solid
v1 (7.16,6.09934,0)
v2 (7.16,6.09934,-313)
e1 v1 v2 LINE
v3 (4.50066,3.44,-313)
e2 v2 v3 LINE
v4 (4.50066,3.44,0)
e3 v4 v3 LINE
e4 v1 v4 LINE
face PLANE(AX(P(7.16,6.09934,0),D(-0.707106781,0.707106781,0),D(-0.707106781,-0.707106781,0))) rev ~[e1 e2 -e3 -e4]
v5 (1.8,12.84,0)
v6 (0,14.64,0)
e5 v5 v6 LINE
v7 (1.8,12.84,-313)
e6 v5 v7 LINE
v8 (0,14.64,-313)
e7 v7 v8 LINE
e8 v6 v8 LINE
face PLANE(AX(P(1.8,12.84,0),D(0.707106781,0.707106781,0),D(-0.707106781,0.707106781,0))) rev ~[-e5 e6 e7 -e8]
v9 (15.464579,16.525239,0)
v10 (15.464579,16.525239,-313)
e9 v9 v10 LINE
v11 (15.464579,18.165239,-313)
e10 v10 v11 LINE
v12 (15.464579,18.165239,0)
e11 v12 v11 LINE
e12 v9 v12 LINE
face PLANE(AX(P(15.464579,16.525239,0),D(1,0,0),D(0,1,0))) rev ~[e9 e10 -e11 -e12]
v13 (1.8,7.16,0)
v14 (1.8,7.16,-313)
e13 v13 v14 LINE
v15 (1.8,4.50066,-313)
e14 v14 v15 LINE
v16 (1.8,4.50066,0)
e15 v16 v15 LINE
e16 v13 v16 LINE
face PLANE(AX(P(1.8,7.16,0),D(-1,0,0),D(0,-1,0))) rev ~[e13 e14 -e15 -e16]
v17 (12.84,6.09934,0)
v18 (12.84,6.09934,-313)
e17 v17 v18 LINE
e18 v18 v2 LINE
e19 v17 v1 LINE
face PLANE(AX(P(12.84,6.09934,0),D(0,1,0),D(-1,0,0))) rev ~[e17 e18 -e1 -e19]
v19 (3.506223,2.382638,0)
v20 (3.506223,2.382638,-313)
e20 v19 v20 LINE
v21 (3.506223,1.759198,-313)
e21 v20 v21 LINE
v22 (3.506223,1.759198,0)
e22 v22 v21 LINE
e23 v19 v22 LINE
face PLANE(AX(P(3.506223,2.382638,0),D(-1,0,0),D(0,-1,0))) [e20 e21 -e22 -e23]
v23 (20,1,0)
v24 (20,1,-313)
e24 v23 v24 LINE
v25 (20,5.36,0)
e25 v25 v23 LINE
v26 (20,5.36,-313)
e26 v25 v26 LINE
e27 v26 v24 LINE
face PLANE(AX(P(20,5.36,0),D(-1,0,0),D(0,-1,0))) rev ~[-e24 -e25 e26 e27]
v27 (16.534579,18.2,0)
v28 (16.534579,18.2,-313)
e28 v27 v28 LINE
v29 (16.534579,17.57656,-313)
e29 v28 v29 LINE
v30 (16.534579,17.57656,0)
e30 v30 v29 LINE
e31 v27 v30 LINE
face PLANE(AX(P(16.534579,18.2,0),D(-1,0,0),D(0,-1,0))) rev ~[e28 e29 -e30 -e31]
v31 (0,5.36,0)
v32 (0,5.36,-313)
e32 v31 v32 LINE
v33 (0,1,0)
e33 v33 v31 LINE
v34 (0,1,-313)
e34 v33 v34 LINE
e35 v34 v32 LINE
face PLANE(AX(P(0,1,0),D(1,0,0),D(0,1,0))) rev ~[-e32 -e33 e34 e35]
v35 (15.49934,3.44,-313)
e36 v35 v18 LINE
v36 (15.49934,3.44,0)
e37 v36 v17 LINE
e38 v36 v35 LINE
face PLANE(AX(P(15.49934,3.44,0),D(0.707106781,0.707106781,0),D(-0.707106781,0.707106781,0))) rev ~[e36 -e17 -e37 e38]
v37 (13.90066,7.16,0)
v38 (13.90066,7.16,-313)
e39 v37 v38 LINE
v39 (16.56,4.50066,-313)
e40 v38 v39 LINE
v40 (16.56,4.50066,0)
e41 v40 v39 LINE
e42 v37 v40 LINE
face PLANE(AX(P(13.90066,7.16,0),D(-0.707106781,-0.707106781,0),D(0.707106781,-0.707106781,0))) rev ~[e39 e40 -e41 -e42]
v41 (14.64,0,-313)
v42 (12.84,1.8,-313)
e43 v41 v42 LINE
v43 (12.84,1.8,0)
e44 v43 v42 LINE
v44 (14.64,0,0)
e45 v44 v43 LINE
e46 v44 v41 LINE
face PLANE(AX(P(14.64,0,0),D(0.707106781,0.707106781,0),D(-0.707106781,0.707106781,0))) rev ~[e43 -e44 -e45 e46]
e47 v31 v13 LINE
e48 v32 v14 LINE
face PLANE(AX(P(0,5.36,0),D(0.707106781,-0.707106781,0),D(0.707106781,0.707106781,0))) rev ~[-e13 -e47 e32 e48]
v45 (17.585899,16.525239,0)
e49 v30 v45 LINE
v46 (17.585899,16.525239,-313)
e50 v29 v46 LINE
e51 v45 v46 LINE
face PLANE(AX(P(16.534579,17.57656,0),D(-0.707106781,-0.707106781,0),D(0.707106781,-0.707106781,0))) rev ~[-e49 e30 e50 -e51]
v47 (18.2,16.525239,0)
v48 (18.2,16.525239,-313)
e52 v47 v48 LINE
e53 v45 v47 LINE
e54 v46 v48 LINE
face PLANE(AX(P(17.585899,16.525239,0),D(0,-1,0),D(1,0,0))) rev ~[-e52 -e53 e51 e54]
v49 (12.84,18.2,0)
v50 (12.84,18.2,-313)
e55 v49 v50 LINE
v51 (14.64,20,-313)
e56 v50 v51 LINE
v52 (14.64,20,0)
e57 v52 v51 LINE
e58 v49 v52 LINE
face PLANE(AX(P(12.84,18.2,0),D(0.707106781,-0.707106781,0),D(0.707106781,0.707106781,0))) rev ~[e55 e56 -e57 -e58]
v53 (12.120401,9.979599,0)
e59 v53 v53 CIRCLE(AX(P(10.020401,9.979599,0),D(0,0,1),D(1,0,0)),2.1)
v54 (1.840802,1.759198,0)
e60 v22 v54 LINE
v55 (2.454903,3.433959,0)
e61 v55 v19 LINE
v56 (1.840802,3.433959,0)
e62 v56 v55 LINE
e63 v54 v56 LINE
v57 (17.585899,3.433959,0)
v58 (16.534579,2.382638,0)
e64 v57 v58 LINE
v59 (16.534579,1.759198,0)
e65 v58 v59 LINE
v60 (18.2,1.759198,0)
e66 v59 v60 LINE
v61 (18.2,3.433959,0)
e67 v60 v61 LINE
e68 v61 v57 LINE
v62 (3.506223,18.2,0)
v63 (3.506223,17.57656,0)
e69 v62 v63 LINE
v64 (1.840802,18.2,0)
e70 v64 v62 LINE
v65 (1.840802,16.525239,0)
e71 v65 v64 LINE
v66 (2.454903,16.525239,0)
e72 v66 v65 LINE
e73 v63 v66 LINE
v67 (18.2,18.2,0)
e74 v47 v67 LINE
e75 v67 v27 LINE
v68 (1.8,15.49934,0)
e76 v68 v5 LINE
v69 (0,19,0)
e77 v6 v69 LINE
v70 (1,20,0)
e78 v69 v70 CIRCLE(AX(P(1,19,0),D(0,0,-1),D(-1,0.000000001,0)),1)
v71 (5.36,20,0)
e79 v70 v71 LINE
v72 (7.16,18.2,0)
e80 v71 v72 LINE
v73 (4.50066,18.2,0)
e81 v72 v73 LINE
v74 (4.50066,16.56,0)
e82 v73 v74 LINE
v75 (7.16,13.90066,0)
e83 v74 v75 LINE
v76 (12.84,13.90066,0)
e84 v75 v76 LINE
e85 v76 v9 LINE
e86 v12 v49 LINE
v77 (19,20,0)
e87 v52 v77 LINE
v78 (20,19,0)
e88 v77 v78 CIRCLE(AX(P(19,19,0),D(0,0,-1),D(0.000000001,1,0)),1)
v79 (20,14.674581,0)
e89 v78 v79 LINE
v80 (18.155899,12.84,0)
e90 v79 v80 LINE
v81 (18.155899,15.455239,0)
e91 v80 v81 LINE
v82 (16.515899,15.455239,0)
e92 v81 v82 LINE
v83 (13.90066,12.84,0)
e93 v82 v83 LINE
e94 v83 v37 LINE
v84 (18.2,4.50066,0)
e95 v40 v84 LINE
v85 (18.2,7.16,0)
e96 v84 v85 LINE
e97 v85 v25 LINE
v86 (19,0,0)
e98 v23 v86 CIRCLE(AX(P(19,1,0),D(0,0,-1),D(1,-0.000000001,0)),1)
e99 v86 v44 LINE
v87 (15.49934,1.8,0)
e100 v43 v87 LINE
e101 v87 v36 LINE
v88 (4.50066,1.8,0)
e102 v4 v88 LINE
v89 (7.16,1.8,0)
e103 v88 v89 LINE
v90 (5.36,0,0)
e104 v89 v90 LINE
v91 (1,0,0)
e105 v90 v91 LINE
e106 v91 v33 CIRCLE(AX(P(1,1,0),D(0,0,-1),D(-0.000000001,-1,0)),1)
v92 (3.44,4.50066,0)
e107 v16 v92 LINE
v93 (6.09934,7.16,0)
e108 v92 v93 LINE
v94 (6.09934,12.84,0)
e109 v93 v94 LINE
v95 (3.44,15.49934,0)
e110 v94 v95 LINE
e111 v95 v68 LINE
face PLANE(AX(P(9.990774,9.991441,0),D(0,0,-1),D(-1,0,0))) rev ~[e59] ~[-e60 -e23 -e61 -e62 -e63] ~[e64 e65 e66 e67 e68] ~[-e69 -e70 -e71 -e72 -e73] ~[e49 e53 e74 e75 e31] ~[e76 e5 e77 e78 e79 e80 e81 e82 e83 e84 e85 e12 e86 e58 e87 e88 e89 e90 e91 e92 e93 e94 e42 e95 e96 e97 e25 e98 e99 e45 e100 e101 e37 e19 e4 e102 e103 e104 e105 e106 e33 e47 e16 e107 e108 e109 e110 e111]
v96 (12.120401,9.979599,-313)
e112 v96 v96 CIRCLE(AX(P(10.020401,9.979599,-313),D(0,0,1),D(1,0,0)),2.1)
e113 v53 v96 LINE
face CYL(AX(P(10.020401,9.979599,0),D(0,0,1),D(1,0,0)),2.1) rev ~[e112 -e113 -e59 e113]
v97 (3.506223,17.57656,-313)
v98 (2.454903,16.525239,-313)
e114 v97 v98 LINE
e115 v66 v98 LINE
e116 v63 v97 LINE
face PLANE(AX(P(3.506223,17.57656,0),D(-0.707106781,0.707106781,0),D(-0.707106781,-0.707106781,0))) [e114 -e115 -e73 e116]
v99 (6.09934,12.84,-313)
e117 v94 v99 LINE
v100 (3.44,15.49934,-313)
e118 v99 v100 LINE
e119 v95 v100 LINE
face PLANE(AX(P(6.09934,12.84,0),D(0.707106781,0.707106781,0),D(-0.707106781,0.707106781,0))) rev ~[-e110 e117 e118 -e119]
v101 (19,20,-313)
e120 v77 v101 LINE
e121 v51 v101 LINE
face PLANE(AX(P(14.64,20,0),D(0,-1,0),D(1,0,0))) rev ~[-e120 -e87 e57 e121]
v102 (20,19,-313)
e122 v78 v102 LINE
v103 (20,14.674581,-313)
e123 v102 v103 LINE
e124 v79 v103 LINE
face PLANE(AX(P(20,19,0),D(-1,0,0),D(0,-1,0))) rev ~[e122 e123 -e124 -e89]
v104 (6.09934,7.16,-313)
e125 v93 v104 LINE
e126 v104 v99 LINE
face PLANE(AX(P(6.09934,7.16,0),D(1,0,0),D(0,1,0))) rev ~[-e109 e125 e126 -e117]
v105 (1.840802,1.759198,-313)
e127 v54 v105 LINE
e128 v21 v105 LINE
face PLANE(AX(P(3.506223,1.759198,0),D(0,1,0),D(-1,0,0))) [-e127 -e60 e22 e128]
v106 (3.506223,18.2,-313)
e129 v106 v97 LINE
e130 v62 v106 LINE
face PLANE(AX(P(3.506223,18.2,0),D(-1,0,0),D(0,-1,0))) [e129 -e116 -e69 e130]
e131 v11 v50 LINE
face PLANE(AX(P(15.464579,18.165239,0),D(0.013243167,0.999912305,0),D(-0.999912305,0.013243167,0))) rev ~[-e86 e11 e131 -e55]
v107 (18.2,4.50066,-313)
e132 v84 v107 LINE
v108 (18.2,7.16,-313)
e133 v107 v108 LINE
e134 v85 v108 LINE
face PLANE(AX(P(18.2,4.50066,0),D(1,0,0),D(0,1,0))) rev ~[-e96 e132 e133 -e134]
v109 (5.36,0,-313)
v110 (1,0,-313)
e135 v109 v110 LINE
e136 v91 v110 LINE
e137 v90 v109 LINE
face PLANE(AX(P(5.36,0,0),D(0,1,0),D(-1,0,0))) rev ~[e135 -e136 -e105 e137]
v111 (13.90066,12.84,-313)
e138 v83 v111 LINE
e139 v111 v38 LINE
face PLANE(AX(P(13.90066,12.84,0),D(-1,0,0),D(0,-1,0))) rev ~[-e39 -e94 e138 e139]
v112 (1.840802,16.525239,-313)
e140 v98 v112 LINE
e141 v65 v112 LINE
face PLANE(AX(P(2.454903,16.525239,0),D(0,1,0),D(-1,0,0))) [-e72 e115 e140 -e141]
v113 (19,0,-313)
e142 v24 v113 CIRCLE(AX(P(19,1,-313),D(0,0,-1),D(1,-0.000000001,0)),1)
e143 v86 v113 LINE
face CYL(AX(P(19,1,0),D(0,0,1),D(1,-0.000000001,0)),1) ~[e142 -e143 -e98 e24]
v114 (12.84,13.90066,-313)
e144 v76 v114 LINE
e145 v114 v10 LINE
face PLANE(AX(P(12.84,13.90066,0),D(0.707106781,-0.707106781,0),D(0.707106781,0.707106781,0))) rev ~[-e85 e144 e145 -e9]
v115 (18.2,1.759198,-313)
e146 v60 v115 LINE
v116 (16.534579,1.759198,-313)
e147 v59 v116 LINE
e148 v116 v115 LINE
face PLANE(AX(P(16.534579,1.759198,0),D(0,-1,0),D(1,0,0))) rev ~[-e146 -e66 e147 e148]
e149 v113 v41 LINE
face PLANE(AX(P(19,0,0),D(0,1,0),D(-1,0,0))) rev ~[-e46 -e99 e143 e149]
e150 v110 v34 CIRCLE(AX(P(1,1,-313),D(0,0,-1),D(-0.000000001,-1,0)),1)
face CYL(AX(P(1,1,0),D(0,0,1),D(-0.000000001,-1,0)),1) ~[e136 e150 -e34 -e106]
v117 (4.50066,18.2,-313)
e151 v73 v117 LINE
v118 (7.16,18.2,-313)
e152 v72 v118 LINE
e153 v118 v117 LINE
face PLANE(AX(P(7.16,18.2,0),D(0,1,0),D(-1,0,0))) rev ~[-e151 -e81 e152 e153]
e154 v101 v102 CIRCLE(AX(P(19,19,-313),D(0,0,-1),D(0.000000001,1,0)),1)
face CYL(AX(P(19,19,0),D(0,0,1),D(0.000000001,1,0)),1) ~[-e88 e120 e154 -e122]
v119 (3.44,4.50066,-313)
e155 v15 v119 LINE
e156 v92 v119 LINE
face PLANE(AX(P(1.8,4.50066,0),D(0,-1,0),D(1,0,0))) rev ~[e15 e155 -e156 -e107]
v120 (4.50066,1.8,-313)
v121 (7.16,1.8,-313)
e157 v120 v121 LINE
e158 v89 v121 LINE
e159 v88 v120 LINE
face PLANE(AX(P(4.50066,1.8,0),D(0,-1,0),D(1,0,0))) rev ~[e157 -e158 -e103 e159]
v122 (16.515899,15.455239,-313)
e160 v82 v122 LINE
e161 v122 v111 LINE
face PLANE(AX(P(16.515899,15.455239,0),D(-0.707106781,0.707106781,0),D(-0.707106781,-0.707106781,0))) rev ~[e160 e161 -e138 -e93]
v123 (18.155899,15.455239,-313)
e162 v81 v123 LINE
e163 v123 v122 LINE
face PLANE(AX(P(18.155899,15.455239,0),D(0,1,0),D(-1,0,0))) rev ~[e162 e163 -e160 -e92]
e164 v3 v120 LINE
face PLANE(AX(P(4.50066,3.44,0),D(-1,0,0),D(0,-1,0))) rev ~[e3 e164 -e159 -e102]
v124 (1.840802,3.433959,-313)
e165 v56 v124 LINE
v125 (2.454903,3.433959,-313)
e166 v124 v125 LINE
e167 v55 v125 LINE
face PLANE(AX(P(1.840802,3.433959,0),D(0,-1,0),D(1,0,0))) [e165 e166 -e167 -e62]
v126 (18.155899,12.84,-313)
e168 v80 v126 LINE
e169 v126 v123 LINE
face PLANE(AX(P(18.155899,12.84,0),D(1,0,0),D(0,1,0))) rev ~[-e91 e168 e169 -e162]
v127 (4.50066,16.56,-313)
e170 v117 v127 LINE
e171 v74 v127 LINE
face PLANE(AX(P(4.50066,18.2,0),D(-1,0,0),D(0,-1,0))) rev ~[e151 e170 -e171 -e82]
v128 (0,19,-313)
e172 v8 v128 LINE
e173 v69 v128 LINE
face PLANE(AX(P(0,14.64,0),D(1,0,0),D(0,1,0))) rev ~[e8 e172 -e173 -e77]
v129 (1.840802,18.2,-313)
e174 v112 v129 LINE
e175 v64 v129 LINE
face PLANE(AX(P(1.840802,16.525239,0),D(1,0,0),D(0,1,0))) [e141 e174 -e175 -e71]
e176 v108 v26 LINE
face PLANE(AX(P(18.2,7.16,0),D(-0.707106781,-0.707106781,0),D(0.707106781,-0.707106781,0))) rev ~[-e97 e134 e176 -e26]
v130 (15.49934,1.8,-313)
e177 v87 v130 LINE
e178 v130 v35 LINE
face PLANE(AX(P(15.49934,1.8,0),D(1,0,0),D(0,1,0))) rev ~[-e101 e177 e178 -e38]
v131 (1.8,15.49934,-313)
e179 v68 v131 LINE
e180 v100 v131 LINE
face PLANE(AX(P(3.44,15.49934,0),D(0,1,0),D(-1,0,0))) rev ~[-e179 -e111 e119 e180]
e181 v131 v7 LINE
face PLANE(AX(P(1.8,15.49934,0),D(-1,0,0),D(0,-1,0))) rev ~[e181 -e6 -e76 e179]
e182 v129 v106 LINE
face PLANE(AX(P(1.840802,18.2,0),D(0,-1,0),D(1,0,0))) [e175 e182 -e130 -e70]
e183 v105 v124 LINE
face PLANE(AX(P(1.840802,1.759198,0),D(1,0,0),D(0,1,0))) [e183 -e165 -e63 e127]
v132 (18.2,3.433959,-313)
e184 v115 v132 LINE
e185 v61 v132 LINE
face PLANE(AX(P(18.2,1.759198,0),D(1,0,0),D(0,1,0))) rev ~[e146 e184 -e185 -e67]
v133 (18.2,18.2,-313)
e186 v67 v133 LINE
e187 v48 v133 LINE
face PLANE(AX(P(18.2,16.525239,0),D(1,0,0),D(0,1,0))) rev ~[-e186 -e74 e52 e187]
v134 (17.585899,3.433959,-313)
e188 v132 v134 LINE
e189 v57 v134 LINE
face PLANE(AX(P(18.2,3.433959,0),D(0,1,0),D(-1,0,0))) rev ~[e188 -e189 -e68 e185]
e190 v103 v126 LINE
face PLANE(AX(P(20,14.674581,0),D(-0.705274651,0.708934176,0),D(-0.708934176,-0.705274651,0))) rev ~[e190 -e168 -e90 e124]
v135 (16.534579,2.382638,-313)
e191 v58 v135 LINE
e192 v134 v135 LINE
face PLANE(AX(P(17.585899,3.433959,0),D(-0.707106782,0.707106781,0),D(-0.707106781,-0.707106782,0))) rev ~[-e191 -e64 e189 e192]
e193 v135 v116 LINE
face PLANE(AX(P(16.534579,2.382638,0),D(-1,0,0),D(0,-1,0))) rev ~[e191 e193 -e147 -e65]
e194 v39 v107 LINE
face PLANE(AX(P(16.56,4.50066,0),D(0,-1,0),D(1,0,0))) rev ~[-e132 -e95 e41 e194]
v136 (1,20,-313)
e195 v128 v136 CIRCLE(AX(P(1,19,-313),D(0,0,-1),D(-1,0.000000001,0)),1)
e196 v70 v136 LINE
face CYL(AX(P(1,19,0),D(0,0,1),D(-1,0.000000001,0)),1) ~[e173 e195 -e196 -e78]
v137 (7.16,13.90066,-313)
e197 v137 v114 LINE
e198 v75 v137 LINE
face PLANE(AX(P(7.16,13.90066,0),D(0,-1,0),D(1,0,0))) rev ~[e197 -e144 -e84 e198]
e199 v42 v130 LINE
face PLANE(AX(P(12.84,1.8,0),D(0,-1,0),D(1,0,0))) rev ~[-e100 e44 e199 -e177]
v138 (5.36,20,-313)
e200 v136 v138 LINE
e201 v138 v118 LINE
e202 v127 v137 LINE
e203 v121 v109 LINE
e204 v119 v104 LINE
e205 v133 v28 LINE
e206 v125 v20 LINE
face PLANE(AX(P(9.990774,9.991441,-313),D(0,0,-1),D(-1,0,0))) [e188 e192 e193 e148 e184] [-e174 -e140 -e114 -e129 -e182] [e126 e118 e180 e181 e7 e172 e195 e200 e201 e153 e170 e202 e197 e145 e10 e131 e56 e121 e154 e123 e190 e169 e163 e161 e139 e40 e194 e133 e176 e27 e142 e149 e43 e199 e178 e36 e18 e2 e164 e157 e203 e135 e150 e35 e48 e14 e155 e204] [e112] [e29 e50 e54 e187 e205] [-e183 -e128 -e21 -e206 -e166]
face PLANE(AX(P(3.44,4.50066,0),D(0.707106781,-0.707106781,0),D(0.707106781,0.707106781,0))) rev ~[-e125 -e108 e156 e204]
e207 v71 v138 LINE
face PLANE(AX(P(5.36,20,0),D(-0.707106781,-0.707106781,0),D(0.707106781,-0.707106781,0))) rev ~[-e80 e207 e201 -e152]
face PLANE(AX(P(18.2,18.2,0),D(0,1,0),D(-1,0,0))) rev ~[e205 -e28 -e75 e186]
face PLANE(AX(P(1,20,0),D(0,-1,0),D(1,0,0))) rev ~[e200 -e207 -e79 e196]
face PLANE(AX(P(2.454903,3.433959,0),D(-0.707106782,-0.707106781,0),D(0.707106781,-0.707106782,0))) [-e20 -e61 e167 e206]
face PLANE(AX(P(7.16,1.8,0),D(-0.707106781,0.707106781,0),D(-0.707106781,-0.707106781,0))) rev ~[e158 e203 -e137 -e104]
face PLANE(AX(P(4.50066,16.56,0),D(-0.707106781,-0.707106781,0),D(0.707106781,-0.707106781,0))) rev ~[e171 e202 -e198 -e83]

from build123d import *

# Parameters (mm, degrees)
SKETCH1_R           = 2.1
BOSS_EXTRUDE1_DEPTH = 313


with BuildPart() as part:
    # Sketch1 → Boss-Extrude1 (new body)
    with BuildSketch(Plane.XY):
        with BuildLine():
            Line((0, 1), (0, 5.36))
            Line((0, 5.36), (1.8, 7.16))
            Line((1.8, 7.16), (1.8, 4.500660172))
            Line((1.8, 4.500660172), (3.44, 4.500660172))
            Line((3.44, 4.500660172), (6.099339828, 7.16))
            Line((6.099339828, 7.16), (6.099339828, 12.84))
            Line((6.099339828, 12.84), (3.44, 15.499339828))
            Line((3.44, 15.499339828), (1.8, 15.499339828))
            Line((1.8, 15.499339828), (1.8, 12.84))
            Line((1.8, 12.84), (0, 14.64))
            Line((0, 14.64), (0, 19))
            ThreePointArc((0, 19), (0.292893219, 19.707106781), (1, 20))
            Line((1, 20), (5.36, 20))
            Line((5.36, 20), (7.16, 18.2))
            Line((7.16, 18.2), (4.500660172, 18.2))
            Line((4.500660172, 18.2), (4.500660172, 16.56))
            Line((4.500660172, 16.56), (7.16, 13.900660172))
            Line((7.16, 13.900660172), (12.84, 13.900660172))
            Line((12.84, 13.900660172), (15.464579042, 16.525239214))
            Line((15.464579042, 16.525239214), (15.464579042, 18.165239214))
            Line((15.464579042, 18.165239214), (12.84, 18.2))
            Line((12.84, 18.2), (14.64, 20))
            Line((14.64, 20), (19, 20))
            ThreePointArc((19, 20), (19.707106781, 19.707106781), (20, 19))
            Line((20, 19), (20, 14.674581351))
            Line((20, 14.674581351), (18.155899385, 12.84))
            Line((18.155899385, 12.84), (18.155899385, 15.455239214))
            Line((18.155899385, 15.455239214), (16.515899385, 15.455239214))
            Line((16.515899385, 15.455239214), (13.900660172, 12.84))
            Line((13.900660172, 12.84), (13.900660172, 7.16))
            Line((13.900660172, 7.16), (16.56, 4.500660172))
            Line((16.56, 4.500660172), (18.2, 4.500660172))
            Line((18.2, 4.500660172), (18.2, 7.16))
            Line((18.2, 7.16), (20, 5.36))
            Line((20, 5.36), (20, 1))
            ThreePointArc((20, 1), (19.707106781, 0.292893219), (19, 0))
            Line((19, 0), (14.64, 0))
            Line((14.64, 0), (12.84, 1.8))
            Line((12.84, 1.8), (15.499339828, 1.8))
            Line((15.499339828, 1.8), (15.499339828, 3.44))
            Line((15.499339828, 3.44), (12.84, 6.099339828))
            Line((12.84, 6.099339828), (7.16, 6.099339828))
            Line((7.16, 6.099339828), (4.500660172, 3.44))
            Line((4.500660172, 3.44), (4.500660172, 1.8))
            Line((4.500660172, 1.8), (7.16, 1.8))
            Line((7.16, 1.8), (5.36, 0))
            Line((5.36, 0), (1, 0))
            ThreePointArc((1, 0), (0.292893219, 0.292893219), (0, 1))
        make_face()
        with Locations((10.02040103, 9.97959897)):
            Circle(SKETCH1_R, mode=Mode.SUBTRACT)
        Polygon((16.534579042, 18.2), (16.534579042, 17.576559557), (17.585899385, 16.525239214), (18.2, 16.525239214), (18.2, 18.2), align=None, mode=Mode.SUBTRACT)
        Polygon((18.2, 1.75919794), (18.2, 3.433958726), (17.585899385, 3.433958726), (16.534579042, 2.382638382), (16.534579042, 1.75919794), align=None, mode=Mode.SUBTRACT)
        Polygon((2.454902675, 16.525239214), (1.84080206, 16.525239214), (1.84080206, 18.2), (3.506223018, 18.2), (3.506223018, 17.576559557), align=None, mode=Mode.SUBTRACT)
        Polygon((3.506223018, 1.75919794), (1.84080206, 1.75919794), (1.84080206, 3.433958726), (2.454902675, 3.433958726), (3.506223018, 2.382638382), align=None, mode=Mode.SUBTRACT)
    extrude(amount=-BOSS_EXTRUDE1_DEPTH)


solid = part.part
